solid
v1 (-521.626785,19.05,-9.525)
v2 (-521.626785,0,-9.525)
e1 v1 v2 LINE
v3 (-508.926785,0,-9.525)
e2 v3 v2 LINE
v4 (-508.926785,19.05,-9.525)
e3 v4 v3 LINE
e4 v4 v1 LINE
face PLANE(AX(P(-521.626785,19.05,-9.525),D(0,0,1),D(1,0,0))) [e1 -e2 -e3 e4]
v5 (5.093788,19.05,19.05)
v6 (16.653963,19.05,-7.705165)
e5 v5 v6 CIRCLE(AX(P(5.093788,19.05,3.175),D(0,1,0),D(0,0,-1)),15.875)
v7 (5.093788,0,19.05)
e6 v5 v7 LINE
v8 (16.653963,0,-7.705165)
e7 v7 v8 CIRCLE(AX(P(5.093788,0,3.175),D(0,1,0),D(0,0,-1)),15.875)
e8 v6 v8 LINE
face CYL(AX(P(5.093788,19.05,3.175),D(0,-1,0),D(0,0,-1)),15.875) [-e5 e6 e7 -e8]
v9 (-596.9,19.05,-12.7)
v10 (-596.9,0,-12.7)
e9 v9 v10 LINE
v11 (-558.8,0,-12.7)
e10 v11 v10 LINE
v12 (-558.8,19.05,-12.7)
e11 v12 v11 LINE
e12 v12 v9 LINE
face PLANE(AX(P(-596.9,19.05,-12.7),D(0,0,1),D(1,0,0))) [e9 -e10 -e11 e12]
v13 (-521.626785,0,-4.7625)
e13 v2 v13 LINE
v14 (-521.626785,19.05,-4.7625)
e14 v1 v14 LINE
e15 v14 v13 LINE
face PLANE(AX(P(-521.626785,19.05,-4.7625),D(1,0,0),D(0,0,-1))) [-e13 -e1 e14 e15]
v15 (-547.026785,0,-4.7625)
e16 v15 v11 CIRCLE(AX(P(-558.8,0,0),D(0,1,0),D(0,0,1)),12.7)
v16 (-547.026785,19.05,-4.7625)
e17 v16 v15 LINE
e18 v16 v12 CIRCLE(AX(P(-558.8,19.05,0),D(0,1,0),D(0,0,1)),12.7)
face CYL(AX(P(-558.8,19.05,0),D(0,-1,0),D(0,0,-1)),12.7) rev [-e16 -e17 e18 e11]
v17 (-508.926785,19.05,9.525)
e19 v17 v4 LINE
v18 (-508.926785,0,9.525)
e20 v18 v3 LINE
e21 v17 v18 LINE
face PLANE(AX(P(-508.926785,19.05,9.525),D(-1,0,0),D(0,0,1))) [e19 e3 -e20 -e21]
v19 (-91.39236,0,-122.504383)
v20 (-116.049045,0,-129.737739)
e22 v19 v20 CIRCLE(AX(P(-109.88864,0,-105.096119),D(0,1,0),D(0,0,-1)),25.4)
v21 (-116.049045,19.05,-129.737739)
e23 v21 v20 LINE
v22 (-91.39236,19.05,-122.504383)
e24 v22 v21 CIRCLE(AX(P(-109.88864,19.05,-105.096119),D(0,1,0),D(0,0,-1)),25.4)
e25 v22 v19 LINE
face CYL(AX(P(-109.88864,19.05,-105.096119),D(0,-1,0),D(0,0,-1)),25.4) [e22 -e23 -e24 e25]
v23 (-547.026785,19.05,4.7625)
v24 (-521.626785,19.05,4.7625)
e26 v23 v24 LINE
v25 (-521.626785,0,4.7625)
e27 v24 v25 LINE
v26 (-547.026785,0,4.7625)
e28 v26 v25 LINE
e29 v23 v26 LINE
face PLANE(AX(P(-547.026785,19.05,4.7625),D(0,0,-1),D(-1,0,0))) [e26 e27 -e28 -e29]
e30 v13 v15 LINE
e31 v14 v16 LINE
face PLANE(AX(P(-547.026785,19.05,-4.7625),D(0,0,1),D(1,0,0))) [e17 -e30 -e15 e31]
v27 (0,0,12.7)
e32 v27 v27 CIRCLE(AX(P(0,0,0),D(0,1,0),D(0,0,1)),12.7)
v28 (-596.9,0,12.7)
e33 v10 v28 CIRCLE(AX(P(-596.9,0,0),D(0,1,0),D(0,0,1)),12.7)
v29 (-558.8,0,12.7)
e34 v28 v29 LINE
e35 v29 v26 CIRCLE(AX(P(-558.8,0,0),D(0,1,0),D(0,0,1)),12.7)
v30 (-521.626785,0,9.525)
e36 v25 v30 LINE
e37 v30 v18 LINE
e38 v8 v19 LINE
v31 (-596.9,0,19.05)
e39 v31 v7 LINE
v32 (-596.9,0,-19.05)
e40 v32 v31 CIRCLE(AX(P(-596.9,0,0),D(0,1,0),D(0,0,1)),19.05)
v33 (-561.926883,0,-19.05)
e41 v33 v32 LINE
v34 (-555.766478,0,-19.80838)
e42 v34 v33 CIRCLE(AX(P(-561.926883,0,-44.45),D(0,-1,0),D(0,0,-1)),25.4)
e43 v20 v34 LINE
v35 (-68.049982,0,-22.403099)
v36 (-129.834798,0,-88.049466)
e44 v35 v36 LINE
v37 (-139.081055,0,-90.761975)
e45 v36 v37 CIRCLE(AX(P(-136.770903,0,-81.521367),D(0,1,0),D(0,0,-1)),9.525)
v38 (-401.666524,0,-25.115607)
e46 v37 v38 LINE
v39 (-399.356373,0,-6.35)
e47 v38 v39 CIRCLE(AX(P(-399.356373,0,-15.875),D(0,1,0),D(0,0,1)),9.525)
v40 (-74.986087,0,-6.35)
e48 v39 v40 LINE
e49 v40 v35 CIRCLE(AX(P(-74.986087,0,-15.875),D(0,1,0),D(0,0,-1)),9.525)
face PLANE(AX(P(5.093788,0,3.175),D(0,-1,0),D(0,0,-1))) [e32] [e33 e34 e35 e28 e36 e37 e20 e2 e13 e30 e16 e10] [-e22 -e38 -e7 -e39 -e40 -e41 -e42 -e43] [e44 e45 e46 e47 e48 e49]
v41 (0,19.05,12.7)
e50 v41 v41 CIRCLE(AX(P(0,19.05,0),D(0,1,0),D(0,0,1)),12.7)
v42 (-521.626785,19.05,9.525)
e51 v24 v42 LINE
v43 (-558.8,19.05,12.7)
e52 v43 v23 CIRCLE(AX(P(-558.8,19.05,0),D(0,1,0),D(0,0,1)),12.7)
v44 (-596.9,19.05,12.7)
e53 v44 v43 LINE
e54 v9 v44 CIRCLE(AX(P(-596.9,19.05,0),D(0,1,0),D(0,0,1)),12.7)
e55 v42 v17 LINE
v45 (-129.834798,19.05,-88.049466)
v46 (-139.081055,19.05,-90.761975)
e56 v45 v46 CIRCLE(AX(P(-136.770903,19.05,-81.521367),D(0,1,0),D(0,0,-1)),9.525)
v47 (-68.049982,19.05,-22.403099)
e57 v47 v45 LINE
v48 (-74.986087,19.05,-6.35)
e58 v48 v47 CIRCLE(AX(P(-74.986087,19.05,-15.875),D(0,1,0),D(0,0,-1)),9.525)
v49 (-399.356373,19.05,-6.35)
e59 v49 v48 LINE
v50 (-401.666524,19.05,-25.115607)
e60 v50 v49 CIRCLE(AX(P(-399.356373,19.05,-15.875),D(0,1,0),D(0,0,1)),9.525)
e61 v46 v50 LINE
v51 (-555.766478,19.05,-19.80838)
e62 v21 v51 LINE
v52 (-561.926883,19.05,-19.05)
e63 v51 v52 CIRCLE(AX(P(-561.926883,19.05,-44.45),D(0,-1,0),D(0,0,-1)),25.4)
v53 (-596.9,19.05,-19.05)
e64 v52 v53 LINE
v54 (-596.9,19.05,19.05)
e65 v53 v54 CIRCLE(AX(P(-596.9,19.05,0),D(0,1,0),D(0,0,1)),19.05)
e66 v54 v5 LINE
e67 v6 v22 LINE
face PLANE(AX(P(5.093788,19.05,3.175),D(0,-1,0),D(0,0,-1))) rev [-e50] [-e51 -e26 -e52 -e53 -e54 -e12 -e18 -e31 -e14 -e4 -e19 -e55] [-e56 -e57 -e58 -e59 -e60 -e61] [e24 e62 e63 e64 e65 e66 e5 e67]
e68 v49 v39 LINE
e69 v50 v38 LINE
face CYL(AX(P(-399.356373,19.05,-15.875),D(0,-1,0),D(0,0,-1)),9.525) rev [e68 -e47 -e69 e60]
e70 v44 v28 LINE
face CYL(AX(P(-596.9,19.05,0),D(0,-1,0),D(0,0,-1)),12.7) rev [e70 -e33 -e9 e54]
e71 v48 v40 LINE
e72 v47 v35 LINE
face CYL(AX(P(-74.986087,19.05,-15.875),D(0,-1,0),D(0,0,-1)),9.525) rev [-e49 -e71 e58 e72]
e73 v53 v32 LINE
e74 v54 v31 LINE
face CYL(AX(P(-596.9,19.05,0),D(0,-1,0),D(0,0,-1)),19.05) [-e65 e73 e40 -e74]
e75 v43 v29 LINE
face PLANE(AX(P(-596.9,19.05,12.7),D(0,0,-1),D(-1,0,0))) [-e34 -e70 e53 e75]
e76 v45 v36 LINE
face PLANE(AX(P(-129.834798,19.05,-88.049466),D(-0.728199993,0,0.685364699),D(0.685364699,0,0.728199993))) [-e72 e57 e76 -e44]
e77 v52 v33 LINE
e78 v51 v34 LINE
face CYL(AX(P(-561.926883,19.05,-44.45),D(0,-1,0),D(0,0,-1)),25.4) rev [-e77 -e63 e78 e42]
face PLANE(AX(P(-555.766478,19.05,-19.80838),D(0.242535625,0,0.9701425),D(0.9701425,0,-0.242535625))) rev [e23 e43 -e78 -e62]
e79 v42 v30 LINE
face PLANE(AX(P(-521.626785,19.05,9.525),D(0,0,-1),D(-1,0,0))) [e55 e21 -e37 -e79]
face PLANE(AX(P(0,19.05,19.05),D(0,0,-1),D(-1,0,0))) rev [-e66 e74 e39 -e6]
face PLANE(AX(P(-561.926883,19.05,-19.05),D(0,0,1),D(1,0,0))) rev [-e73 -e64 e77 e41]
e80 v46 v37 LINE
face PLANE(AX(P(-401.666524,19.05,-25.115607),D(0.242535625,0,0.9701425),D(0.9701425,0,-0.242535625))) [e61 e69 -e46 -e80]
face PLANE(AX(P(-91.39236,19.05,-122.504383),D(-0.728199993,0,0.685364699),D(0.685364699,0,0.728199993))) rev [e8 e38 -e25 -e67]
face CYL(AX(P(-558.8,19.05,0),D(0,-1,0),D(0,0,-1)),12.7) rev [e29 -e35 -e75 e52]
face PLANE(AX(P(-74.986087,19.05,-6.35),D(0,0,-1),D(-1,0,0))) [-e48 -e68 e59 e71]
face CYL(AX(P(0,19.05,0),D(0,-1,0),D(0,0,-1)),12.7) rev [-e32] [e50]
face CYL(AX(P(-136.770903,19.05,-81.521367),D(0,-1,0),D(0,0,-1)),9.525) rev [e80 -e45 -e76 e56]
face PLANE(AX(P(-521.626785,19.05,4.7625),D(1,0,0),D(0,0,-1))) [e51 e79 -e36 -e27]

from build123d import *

# Parameters (mm, degrees)
SKETCH1_R           = 12.7
BOSS_EXTRUDE1_DEPTH = 19.05


with BuildPart() as part:
    # Sketch1 → Boss-Extrude1 (new body)
    with BuildSketch(Plane(origin=(0, 0, 0), x_dir=(1, 0, 0), z_dir=(0, 1, 0))):
        with BuildLine():
            Line((0, -19.05), (-558.8, -19.05))
            Line((-558.8, -19.05), (-596.9, -19.05))
            ThreePointArc((-596.9, -19.05), (-615.95, 0), (-596.9, 19.05))
            Line((-596.9, 19.05), (-561.926882891, 19.05))
            ThreePointArc((-561.926882891, 19.05), (-558.823427993, 19.24030806), (-555.766478015, 19.808380496))
            Line((-555.766478015, 19.808380496), (-116.049044826, 129.737738793))
            ThreePointArc((-116.049044826, 129.737738793), (-102.738548138, 129.468976879), (-91.392360136, 122.504382644))
            Line((-91.392360136, 122.504382644), (0, 25.4))
            Line((0, 25.4), (16.653962733, 7.705164597))
            ThreePointArc((16.653962733, 7.705164597), (19.666677712, -9.47154715), (5.093787849, -19.05))
            Line((5.093787849, -19.05), (0, -19.05))
        make_face()
        Circle(SKETCH1_R, mode=Mode.SUBTRACT)
        with BuildLine():
            Line((-596.9, -12.7), (-558.8, -12.7))
            ThreePointArc((-558.8, -12.7), (-551.700484171, -10.530283709), (-547.026784902, -4.7625))
            Line((-547.026784902, -4.7625), (-521.626784902, -4.7625))
            Line((-521.626784902, -4.7625), (-521.626784902, -9.525))
            Line((-521.626784902, -9.525), (-508.926784902, -9.525))
            Line((-508.926784902, -9.525), (-508.926784902, 9.525))
            Line((-508.926784902, 9.525), (-521.626784902, 9.525))
            Line((-521.626784902, 9.525), (-521.626784902, 4.7625))
            Line((-521.626784902, 4.7625), (-547.026784902, 4.7625))
            ThreePointArc((-547.026784902, 4.7625), (-551.700484171, 10.530283709), (-558.8, 12.7))
            Line((-558.8, 12.7), (-596.9, 12.7))
            ThreePointArc((-596.9, 12.7), (-609.6, 0), (-596.9, -12.7))
        make_face(mode=Mode.SUBTRACT)
        with BuildLine():
            Line((-401.666524357, 25.115607314), (-139.08105489, 90.761974681))
            ThreePointArc((-139.08105489, 90.761974681), (-134.089618632, 90.661188963), (-129.834798131, 88.049466125))
            Line((-129.834798131, 88.049466125), (-68.049981786, 22.403098758))
            ThreePointArc((-68.049981786, 22.403098758), (-66.242352798, 12.09707171), (-74.986086716, 6.35))
            Line((-74.986086716, 6.35), (-399.356372528, 6.35))
            ThreePointArc((-399.356372528, 6.35), (-408.810007006, 14.711204413), (-401.666524357, 25.115607314))
        make_face(mode=Mode.SUBTRACT)
    extrude(amount=BOSS_EXTRUDE1_DEPTH)


solid = part.part
